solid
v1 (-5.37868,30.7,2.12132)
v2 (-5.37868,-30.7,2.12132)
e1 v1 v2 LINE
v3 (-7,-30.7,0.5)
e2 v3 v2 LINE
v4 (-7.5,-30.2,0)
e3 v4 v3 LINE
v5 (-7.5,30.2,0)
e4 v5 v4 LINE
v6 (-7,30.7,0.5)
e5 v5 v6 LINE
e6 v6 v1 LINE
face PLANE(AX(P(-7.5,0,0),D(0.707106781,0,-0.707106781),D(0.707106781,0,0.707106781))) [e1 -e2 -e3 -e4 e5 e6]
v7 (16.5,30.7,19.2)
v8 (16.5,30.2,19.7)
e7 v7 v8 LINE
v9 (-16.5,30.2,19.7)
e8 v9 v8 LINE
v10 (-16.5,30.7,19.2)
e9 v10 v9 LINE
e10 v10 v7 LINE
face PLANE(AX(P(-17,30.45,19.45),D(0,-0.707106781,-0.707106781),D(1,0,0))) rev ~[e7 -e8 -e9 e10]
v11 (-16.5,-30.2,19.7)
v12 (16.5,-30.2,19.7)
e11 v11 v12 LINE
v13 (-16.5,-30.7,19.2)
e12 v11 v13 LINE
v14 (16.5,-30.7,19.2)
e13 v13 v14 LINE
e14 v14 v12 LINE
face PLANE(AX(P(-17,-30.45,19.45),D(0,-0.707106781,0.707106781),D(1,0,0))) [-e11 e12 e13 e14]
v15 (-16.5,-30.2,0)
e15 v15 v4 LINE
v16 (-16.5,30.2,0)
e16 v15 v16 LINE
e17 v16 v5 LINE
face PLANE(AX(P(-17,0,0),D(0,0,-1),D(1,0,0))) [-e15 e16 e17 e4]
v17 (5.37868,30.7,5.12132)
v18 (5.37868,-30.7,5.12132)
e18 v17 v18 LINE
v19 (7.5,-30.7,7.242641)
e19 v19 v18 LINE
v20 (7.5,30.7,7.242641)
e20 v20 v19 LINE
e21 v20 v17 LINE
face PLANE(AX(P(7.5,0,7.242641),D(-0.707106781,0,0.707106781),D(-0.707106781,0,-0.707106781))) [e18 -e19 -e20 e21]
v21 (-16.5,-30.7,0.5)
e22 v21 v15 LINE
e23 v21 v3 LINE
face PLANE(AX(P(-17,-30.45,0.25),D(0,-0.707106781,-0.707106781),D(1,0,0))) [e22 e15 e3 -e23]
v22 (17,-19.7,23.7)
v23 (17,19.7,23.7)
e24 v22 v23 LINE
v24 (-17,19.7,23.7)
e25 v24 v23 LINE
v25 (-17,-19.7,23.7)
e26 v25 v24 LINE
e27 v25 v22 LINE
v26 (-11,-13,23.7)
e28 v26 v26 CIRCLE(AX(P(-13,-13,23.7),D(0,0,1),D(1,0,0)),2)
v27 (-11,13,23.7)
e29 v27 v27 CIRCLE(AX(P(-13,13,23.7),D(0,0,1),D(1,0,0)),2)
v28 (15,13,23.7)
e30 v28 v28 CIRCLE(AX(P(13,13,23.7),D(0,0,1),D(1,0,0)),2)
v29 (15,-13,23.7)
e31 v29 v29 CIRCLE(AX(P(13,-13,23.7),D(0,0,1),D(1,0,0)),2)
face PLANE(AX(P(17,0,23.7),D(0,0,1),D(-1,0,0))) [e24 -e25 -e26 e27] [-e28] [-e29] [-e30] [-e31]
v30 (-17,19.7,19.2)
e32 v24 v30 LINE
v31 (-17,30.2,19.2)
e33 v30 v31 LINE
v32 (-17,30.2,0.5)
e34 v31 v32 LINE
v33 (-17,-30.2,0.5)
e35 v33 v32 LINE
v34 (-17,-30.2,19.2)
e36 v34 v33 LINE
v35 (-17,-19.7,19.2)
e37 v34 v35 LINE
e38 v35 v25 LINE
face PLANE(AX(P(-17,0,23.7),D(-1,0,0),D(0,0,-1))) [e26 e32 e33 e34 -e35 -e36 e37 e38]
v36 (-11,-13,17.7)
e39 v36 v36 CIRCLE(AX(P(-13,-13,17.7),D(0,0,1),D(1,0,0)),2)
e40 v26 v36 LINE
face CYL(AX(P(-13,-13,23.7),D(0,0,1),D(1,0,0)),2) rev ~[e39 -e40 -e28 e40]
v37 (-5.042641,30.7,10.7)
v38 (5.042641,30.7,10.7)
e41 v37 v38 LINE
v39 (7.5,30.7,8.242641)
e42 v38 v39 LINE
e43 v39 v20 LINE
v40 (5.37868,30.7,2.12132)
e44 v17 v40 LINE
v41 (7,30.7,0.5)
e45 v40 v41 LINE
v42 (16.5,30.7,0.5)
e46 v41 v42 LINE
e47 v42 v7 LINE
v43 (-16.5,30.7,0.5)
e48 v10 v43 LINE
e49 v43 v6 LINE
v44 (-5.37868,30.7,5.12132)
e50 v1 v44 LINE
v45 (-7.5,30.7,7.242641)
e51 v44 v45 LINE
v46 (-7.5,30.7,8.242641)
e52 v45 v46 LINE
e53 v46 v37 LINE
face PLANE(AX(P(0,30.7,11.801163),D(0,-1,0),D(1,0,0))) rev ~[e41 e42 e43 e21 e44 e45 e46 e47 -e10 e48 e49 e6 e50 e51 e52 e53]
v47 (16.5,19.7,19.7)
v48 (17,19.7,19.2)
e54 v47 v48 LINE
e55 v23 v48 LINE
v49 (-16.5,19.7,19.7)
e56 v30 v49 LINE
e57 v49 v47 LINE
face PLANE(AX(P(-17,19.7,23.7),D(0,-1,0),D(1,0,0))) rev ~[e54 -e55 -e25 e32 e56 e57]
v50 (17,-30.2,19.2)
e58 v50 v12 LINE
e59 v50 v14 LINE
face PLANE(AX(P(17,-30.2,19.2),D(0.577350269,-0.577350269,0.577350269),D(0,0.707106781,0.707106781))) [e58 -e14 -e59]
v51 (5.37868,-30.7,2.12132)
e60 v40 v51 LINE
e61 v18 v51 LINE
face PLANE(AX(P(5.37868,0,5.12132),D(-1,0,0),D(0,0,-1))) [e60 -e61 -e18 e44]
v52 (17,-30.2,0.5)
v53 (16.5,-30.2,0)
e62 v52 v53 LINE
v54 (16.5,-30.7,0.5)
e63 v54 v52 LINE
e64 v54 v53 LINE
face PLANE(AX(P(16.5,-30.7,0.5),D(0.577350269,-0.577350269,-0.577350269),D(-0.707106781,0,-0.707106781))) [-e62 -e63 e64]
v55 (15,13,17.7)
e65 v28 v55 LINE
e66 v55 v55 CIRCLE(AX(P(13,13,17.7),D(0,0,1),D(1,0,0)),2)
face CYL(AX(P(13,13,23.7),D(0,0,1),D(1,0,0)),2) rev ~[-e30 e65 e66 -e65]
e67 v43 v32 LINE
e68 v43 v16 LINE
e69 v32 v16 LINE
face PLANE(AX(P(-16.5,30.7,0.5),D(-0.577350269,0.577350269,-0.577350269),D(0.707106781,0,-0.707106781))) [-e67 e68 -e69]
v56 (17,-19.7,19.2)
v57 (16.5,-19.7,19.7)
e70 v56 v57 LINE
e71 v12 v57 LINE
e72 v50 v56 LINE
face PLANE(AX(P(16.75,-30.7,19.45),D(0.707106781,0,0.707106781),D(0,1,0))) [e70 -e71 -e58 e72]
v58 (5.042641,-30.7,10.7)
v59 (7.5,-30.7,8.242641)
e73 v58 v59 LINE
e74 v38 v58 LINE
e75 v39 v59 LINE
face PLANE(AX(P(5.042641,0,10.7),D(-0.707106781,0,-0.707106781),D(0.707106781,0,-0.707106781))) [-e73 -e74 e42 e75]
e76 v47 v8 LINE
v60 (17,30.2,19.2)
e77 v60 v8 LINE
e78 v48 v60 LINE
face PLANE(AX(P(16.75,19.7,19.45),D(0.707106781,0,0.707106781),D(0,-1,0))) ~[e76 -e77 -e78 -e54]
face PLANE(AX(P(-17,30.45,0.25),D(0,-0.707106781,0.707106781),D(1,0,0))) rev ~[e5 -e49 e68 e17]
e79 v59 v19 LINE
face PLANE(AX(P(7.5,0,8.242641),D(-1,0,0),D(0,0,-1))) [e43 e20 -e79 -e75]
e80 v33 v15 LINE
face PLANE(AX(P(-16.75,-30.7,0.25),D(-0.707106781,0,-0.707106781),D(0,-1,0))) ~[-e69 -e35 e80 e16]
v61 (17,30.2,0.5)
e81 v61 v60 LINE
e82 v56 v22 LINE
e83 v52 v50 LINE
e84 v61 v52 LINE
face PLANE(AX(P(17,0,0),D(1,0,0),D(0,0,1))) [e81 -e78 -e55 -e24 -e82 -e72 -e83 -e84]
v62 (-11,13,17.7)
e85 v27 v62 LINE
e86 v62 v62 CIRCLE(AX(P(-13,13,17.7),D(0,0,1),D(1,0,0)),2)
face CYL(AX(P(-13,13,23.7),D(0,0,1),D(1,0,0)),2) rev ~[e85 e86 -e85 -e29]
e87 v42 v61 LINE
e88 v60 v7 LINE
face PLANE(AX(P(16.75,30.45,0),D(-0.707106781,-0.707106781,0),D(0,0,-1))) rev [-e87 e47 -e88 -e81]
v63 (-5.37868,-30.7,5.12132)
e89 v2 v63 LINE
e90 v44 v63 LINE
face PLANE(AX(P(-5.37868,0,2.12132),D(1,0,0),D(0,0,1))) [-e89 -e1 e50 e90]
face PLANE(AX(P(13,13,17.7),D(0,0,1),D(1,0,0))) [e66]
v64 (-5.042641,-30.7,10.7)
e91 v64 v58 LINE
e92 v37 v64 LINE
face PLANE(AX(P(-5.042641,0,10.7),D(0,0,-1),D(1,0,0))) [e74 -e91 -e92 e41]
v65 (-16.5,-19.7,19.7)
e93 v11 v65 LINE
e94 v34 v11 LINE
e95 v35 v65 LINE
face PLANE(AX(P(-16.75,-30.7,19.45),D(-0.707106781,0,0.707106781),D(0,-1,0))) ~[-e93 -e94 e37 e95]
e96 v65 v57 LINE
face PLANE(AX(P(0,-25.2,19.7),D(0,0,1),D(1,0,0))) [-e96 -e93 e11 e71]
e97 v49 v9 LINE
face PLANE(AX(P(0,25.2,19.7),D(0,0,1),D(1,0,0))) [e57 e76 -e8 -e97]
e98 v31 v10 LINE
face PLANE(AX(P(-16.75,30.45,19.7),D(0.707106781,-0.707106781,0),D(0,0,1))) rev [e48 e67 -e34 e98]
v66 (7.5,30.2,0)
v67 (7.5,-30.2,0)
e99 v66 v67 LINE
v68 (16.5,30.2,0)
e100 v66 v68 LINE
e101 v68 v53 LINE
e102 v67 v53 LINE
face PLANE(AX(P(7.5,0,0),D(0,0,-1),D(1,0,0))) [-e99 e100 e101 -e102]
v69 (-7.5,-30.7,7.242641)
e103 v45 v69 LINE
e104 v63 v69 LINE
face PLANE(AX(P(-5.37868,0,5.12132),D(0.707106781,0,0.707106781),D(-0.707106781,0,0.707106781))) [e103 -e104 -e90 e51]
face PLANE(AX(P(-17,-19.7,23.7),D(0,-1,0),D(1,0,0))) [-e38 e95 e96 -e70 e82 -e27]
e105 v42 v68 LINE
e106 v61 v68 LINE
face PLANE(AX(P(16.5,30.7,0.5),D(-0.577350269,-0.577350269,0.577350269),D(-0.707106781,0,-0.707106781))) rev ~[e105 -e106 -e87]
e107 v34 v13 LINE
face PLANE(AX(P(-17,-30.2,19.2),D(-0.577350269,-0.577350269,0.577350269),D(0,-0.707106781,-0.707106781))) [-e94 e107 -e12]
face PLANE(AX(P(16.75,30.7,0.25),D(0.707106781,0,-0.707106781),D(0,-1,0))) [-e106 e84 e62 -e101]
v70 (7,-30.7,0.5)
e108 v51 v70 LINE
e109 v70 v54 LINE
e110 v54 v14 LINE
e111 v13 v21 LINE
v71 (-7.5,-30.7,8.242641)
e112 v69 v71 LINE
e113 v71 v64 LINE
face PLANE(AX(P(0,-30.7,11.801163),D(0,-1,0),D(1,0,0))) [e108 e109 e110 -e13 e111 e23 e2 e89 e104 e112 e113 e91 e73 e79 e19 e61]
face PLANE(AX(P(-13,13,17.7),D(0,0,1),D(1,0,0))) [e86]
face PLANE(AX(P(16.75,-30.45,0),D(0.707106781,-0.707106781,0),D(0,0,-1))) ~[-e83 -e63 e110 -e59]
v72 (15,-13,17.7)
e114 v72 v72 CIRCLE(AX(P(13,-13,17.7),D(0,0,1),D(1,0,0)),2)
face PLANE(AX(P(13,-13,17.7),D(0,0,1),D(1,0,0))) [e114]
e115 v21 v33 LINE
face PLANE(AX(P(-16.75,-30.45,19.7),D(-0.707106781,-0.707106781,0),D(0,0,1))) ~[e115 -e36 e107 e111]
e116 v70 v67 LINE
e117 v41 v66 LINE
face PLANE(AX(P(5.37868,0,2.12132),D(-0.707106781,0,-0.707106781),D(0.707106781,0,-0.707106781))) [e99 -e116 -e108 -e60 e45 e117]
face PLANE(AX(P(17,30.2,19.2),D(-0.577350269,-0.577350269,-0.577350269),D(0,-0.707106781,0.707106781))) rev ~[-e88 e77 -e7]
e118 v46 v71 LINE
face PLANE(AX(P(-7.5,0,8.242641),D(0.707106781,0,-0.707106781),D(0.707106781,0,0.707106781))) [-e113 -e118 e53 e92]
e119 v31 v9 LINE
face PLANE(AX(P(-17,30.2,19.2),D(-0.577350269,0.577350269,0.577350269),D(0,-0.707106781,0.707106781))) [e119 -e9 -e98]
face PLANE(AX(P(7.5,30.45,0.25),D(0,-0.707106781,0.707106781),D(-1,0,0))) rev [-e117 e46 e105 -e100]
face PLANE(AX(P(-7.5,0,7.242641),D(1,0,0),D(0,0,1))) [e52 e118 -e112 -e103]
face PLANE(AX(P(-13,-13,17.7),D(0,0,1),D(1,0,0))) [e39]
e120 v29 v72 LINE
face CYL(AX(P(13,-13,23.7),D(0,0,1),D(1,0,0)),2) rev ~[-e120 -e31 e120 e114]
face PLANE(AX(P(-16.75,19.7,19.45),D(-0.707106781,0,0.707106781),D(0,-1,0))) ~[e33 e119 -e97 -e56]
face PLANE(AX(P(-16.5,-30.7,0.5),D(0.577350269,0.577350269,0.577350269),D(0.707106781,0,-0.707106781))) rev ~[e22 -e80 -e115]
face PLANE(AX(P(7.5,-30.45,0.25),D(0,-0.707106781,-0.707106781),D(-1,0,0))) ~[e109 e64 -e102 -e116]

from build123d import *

# Parameters (mm, degrees)
F1_DEPTH = 30.7
F2_R     = 2
F3_DEPTH = 6
F2_W     = 34
F2_H     = 11
F4_DEPTH = 4
F5_SIZE  = 0.5


with BuildPart() as f1:
    # F0 (on Front) → F1 (new body, symmetric)
    with BuildSketch(Plane.XZ):
        Polygon((-17, 0), (-7.5, 0), (-5.3786796564, 2.1213203436), (-5.3786796564, 5.1213203436), (-7.5, 7.2426406871), (-7.5, 8.2426406871), (-5.0426406871, 10.7), (5.0426406871, 10.7), (7.5, 8.2426406871), (7.5, 7.2426406871), (5.3786796564, 5.1213203436), (5.3786796564, 2.1213203436), (7.5, 0), (17, 0), (17, 23.7), (-17, 23.7), align=None)
    extrude(amount=F1_DEPTH, both=True)

    # F2 (on face) → F3 (cut)
    with BuildSketch(Plane.XY.offset(23.7)):
        with Locations((-13, 13)):
            Circle(F2_R)
        with Locations((13, 13)):
            Circle(F2_R)
        with Locations((13, -13)):
            Circle(F2_R)
        with Locations((-13, -13)):
            Circle(F2_R)
    extrude(amount=-F3_DEPTH, mode=Mode.SUBTRACT)

    # F2 (on face) → F4 (cut)
    with BuildSketch(Plane.XY.offset(23.7)):
        with Locations((0, 25.2)):
            Rectangle(F2_W, F2_H)
        with Locations((0, -25.2)):
            Rectangle(F2_W, F2_H)
    extrude(amount=-F4_DEPTH, mode=Mode.SUBTRACT)

    # F5
    f5_edges = [f1.edges().sort_by_distance(p)[0] for p in [
        (17, 0, 0),
        (-17, 0, 0),
        (0, -30.7, 19.7),
        (-17, -25.2, 19.7),
        (17, -30.7, 9.85),
        (-17, -30.7, 9.85),
        (0, 30.7, 19.7),
        (17, 30.7, 9.85),
        (-17, 30.7, 9.85),
        (12.25, 30.7, 0),
        (-12.25, 30.7, 0),
        (-12.25, -30.7, 0),
        (12.25, -30.7, 0),
        (17, -25.2, 19.7),
        (-17, 25.2, 19.7),
        (17, 25.2, 19.7),
    ]]
    chamfer(f5_edges, length=F5_SIZE)


solid = f1.part
